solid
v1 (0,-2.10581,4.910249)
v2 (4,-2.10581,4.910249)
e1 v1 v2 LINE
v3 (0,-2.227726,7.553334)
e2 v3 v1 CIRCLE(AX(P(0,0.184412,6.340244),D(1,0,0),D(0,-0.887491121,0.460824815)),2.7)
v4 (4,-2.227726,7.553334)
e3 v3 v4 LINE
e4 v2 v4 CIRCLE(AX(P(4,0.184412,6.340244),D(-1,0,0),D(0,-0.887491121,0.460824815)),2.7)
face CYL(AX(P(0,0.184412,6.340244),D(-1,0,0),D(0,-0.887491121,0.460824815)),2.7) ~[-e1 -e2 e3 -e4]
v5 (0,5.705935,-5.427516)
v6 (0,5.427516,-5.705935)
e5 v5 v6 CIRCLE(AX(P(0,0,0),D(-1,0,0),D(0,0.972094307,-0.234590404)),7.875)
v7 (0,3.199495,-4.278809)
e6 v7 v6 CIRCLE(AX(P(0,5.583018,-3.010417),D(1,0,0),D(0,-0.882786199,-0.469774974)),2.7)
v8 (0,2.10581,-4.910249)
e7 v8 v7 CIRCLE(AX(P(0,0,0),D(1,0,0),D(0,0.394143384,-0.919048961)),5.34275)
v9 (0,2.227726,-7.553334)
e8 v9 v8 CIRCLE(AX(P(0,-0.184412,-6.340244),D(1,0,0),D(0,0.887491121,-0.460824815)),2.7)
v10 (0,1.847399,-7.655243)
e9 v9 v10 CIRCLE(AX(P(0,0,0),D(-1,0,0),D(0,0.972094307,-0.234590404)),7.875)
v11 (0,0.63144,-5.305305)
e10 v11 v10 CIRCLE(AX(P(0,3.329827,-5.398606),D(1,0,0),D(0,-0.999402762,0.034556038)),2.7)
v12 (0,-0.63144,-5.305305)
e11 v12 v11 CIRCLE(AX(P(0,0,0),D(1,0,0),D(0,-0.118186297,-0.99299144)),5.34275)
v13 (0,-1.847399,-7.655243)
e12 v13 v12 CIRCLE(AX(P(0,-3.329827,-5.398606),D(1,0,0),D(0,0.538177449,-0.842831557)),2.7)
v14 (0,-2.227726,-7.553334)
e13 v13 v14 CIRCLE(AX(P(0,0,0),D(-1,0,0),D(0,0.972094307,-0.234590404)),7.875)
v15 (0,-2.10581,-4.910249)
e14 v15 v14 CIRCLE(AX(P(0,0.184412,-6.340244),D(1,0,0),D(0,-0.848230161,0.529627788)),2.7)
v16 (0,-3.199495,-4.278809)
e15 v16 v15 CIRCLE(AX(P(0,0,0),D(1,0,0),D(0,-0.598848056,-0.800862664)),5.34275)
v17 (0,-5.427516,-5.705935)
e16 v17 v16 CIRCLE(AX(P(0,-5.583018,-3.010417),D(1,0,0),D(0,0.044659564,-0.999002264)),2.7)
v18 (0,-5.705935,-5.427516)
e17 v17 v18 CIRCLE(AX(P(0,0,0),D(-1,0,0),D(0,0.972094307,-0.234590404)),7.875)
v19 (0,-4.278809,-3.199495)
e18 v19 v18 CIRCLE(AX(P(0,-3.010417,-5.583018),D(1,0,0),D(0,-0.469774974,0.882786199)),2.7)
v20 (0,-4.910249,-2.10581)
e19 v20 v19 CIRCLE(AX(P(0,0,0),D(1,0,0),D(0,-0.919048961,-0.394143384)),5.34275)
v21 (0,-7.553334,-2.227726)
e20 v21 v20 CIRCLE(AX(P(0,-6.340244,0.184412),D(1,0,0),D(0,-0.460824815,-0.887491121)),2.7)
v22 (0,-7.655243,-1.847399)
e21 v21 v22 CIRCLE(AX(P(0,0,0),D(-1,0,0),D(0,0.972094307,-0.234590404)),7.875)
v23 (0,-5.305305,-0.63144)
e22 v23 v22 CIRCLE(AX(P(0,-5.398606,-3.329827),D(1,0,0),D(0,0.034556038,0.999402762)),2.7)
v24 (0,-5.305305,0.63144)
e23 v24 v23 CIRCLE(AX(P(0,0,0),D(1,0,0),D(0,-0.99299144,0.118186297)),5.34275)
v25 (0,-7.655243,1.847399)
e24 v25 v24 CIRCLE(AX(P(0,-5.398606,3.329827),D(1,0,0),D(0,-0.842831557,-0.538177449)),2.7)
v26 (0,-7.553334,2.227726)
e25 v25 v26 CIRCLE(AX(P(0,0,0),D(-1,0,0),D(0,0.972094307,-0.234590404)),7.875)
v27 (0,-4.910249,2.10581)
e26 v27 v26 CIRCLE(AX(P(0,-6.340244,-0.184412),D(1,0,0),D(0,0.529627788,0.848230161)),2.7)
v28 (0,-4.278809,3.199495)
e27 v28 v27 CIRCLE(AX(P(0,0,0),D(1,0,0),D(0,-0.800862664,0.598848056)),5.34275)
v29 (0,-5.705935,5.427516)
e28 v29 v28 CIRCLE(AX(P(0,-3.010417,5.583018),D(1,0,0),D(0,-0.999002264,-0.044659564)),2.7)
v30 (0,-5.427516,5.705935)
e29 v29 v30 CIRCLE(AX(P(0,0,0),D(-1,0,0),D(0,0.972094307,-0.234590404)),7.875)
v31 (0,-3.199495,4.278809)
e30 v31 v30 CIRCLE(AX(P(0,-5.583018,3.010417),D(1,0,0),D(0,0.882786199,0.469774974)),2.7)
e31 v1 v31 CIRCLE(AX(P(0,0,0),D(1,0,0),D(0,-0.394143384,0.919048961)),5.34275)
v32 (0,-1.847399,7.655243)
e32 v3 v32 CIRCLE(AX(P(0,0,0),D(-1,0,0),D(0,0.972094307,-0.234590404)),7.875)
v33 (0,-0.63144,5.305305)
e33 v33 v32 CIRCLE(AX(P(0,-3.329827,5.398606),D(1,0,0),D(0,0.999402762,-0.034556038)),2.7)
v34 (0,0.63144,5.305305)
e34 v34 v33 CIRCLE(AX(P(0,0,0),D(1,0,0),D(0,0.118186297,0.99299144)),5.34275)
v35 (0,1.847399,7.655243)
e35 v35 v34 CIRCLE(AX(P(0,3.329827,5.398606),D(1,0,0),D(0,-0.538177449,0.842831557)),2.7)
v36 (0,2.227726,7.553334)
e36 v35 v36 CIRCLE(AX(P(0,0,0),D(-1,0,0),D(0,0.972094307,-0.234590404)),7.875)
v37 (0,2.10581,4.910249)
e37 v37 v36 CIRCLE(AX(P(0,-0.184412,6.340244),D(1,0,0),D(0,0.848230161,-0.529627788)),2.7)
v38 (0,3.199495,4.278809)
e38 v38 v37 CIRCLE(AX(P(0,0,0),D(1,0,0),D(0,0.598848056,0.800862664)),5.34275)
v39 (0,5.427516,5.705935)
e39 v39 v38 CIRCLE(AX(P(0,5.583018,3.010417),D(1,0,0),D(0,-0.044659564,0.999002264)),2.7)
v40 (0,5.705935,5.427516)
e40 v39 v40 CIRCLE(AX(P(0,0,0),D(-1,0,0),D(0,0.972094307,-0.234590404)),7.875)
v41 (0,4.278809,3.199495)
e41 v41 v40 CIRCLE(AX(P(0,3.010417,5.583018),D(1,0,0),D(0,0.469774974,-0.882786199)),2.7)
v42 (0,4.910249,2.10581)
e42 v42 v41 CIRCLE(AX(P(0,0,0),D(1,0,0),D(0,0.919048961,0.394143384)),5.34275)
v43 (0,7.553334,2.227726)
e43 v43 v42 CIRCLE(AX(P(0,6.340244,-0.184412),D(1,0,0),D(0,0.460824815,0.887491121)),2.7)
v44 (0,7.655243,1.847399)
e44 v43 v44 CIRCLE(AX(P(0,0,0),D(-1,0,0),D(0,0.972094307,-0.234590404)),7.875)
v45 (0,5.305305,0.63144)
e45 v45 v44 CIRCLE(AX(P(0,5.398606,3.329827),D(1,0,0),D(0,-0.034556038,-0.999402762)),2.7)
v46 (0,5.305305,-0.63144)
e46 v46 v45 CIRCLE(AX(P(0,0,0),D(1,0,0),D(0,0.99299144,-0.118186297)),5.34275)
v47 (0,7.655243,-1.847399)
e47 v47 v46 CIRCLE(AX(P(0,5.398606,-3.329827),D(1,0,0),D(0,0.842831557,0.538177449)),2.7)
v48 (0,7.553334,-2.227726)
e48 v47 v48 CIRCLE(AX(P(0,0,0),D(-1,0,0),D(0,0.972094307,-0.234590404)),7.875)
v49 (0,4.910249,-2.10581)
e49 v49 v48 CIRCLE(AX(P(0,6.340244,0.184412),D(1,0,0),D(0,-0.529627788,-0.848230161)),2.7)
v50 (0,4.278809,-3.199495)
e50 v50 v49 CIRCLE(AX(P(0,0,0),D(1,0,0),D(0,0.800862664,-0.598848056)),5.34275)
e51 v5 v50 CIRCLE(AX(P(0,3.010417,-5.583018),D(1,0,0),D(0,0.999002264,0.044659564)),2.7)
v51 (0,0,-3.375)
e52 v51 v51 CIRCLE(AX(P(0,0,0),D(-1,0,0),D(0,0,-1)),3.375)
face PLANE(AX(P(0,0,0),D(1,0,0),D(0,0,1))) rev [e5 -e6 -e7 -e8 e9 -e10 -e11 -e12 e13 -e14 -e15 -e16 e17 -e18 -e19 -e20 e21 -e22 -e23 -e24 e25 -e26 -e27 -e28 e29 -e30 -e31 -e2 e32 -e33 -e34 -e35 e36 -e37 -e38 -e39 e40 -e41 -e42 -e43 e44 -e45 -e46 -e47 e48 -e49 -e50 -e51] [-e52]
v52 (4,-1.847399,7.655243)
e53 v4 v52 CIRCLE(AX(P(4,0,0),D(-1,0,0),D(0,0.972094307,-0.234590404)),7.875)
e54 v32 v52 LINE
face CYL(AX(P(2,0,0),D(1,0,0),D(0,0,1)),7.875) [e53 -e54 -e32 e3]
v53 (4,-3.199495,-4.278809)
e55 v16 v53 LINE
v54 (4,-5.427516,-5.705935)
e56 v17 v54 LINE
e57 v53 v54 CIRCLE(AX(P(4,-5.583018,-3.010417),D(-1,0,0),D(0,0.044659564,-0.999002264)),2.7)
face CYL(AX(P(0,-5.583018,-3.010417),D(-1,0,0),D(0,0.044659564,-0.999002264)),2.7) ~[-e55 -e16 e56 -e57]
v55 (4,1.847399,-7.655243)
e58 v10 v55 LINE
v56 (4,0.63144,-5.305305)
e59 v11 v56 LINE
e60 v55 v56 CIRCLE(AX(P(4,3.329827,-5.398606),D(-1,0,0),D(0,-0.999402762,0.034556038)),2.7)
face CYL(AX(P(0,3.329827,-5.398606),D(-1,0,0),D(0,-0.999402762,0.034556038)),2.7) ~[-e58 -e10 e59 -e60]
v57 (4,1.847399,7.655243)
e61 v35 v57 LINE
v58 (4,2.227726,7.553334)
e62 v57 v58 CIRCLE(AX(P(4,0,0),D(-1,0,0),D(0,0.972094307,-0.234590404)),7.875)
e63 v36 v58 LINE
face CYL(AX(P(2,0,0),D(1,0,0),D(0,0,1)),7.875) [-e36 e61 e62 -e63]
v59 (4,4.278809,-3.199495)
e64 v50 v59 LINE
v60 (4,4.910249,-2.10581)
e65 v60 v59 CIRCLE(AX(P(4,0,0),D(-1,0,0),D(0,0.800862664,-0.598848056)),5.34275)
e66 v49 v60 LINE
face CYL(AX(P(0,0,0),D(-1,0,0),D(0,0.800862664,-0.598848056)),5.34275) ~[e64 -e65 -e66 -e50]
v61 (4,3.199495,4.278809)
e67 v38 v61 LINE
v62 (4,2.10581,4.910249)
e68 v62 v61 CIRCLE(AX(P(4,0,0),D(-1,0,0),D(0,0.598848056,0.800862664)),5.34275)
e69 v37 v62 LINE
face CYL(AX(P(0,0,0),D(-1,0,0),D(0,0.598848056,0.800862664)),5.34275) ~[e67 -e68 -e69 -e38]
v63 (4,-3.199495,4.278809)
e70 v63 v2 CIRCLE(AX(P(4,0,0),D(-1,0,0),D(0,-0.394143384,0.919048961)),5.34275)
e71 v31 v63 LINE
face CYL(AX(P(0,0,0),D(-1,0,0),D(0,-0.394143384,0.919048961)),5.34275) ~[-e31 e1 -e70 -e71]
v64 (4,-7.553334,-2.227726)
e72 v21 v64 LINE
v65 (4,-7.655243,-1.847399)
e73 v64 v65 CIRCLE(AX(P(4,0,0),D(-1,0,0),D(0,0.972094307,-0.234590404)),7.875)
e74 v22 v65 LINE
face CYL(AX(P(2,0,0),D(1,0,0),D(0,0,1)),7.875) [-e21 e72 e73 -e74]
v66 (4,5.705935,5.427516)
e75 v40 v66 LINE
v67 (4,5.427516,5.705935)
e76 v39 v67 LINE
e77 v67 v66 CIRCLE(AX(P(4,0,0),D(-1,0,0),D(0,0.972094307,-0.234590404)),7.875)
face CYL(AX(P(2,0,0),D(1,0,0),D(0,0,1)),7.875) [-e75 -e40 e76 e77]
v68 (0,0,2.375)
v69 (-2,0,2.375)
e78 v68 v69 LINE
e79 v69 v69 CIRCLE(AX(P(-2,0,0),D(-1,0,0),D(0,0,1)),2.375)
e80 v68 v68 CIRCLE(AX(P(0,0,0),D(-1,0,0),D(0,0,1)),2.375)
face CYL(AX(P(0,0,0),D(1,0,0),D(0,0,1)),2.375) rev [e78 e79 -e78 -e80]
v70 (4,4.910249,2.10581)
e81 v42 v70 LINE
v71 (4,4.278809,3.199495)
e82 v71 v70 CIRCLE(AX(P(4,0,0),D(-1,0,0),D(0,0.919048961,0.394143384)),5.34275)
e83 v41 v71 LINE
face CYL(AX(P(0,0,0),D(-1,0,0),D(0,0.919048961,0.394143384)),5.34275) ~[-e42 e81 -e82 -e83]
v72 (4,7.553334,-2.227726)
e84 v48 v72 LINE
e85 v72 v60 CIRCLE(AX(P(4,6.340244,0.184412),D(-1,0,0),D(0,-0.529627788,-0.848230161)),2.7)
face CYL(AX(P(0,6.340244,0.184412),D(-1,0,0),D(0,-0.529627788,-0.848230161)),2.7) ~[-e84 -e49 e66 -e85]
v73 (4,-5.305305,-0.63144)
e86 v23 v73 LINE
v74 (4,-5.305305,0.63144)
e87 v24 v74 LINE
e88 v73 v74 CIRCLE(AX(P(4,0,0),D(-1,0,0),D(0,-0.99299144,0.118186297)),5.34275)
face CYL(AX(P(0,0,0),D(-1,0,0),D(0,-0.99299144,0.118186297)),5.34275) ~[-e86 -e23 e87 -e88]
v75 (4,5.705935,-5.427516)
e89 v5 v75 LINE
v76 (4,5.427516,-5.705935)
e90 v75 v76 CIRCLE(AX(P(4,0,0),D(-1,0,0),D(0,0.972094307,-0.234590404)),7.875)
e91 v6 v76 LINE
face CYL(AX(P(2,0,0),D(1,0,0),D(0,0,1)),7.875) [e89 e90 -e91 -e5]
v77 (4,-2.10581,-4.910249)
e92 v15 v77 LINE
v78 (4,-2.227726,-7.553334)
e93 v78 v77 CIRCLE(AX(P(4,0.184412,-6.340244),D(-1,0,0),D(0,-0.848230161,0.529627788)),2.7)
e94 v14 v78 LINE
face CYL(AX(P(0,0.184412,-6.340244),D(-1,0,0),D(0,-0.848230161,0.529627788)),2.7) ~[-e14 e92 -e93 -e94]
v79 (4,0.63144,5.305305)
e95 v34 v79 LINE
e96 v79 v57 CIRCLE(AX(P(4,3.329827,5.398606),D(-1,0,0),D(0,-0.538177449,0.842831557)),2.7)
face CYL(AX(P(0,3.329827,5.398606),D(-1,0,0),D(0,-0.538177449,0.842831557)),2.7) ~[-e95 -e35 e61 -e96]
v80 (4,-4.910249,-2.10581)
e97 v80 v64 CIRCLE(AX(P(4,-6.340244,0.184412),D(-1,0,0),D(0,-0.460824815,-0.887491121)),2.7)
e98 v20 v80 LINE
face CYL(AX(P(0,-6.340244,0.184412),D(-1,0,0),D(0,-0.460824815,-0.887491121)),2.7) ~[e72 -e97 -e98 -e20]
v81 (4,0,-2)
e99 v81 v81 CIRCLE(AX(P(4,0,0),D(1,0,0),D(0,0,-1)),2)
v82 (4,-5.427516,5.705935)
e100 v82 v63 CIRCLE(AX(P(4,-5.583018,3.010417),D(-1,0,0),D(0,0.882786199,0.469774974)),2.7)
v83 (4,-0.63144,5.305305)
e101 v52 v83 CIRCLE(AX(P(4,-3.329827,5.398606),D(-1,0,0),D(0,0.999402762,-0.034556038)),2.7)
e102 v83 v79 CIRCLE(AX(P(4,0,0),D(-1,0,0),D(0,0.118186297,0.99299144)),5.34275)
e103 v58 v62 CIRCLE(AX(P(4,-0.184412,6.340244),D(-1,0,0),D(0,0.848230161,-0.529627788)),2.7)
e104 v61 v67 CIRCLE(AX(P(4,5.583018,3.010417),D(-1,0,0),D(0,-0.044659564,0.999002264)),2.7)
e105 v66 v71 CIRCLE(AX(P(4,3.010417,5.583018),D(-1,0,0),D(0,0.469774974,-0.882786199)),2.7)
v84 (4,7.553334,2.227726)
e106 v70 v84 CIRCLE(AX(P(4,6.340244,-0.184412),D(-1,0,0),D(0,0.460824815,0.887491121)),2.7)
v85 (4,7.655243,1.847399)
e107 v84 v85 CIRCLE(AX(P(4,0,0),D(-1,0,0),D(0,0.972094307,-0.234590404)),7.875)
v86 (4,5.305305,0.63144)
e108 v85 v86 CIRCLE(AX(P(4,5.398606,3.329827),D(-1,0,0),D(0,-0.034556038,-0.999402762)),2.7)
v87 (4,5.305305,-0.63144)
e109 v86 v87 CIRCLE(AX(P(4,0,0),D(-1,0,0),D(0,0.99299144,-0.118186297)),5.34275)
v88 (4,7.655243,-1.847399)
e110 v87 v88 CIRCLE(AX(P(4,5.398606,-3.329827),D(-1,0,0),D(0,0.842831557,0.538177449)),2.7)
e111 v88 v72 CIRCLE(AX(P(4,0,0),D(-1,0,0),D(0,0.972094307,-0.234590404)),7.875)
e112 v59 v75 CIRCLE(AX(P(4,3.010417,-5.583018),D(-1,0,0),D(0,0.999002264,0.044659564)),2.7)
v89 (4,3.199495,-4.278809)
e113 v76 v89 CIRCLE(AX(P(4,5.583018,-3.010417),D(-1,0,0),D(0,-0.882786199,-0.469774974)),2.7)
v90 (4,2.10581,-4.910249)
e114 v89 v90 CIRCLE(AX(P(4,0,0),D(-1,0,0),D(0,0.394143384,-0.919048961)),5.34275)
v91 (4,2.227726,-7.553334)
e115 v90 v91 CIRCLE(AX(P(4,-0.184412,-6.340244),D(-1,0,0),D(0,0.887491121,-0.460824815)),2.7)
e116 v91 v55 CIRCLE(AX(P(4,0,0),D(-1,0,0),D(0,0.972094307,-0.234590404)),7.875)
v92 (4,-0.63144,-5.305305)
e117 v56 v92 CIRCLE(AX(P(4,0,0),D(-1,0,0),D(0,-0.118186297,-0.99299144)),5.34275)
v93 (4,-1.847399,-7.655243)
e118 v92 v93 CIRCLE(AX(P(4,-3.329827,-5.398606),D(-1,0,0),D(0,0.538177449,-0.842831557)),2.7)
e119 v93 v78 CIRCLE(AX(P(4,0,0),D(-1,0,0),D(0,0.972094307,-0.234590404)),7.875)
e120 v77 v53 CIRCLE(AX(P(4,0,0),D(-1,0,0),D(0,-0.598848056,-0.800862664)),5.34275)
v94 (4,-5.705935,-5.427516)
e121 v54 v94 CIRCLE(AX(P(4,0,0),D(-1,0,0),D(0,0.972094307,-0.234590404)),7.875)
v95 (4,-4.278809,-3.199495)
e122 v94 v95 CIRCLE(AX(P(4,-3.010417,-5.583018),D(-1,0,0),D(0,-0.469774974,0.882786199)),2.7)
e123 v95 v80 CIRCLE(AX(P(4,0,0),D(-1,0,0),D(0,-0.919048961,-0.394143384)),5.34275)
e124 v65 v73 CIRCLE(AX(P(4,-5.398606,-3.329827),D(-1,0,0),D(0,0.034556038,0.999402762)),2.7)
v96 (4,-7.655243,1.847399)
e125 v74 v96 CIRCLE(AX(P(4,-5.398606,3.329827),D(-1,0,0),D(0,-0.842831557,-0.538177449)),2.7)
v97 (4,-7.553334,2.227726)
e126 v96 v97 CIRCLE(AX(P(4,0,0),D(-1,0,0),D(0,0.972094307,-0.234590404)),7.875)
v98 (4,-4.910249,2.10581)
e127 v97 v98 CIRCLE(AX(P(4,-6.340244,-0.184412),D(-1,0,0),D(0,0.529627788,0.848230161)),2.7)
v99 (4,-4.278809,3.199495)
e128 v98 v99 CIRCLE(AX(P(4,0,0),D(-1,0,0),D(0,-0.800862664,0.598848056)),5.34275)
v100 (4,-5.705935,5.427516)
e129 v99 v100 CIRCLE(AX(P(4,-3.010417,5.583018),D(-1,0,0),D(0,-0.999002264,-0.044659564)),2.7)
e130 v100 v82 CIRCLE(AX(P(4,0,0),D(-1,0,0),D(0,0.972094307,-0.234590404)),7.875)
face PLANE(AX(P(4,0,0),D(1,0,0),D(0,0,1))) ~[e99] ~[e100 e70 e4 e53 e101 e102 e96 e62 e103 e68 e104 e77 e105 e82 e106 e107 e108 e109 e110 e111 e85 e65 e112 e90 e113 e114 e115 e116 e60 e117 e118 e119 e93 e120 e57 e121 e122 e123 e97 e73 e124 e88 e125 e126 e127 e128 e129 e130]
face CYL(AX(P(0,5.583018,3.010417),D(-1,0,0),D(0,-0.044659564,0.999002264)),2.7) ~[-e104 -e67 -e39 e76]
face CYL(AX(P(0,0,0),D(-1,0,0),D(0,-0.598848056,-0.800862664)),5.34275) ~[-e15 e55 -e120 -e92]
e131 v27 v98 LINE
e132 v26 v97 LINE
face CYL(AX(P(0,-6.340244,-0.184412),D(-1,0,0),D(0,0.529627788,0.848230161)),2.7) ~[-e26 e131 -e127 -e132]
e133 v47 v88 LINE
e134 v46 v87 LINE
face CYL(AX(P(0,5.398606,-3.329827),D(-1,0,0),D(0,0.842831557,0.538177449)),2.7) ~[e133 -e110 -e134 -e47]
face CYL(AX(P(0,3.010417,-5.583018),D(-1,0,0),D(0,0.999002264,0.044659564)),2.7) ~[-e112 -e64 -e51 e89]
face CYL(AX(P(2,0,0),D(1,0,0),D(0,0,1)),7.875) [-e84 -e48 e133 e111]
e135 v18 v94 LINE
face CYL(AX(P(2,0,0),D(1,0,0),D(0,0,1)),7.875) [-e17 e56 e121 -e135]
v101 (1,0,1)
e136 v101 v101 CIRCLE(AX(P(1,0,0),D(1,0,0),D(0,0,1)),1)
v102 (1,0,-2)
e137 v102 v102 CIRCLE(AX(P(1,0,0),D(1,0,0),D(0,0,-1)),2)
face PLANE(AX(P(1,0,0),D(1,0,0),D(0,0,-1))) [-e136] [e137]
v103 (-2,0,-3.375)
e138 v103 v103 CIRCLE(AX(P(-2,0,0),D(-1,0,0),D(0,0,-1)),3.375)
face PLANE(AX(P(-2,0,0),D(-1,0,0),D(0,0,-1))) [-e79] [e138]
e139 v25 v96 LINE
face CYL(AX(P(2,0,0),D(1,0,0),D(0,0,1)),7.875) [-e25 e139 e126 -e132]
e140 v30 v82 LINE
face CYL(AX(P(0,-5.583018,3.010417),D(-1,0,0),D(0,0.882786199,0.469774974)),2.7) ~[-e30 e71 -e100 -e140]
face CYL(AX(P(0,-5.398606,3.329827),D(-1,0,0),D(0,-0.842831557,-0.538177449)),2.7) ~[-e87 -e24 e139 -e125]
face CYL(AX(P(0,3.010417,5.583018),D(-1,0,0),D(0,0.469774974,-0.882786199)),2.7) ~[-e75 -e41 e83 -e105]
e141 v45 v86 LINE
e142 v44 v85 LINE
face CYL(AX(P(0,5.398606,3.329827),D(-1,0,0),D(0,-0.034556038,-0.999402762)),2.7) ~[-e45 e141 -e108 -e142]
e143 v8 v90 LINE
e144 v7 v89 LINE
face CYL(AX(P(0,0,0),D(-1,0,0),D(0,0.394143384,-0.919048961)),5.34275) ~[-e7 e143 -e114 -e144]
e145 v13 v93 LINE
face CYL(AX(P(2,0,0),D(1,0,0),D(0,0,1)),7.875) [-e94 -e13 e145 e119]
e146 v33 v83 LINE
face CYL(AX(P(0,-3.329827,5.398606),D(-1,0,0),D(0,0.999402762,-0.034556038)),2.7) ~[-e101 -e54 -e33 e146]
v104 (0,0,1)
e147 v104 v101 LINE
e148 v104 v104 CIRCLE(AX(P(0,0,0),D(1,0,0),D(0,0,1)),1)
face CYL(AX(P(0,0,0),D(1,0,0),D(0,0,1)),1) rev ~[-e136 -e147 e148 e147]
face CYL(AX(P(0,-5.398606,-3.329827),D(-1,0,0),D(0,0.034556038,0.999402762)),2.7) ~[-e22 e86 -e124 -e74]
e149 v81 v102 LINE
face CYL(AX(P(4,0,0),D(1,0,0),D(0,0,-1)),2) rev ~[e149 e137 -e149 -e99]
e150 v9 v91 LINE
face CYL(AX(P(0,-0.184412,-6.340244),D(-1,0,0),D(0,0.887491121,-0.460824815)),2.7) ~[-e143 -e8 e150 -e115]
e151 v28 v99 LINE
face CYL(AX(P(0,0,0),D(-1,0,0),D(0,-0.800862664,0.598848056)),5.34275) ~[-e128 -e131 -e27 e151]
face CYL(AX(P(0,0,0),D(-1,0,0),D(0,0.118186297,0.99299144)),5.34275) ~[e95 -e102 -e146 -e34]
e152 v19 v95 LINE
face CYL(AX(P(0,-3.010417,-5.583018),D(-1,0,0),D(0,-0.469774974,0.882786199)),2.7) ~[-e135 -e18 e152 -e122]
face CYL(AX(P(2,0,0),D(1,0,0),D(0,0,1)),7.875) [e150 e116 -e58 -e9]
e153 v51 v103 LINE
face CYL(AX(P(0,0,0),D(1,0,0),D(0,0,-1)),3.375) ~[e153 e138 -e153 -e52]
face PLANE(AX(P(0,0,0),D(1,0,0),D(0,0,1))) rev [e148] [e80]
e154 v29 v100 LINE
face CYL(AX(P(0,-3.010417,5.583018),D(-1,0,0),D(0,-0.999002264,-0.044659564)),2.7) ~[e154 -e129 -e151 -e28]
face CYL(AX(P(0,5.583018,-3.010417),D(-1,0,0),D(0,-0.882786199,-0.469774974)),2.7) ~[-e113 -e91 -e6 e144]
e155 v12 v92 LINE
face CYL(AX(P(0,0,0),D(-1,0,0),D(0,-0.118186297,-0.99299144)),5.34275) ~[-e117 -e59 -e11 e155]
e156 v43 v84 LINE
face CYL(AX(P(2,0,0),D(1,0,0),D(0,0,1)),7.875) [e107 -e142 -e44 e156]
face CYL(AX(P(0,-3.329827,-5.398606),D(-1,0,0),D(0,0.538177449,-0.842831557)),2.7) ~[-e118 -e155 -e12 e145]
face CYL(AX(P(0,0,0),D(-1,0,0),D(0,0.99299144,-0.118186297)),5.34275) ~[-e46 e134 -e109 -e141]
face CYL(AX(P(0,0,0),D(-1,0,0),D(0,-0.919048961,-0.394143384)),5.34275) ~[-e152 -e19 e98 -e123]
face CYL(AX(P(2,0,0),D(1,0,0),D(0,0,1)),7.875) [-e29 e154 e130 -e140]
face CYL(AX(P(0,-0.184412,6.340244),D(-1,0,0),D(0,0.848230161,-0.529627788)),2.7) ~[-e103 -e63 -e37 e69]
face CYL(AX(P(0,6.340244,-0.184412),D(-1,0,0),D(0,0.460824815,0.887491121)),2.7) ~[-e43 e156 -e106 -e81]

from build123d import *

# Parameters (mm, degrees)
BASPROSKE_W         = 4
BASPROSKE_H         = 7.875
TOOTHCUT_DEPTH      = 12.833480046
TEETHCUTS_COUNT     = 12
TEETHCUTS_ANGLE     = 330
BORSKE_R            = 1
BORE_DEPTH          = 50.0000508
SKETCH1_R           = 3.375
SKETCH1_R_2         = 2.375
BOSS_EXTRUDE1_DEPTH = 2
SKETCH2_R           = 2
CUT_EXTRUDE1_DEPTH  = 3


with BuildPart() as part:
    # BasProSke → Base-Revolve (revolve)
    with BuildSketch(Plane(origin=(0, 0, 0), x_dir=(1, 0, 0), z_dir=(0, 1, 0)), mode=Mode.PRIVATE) as base_revolve_sk:
        with Locations((2, 3.9375)):
            Rectangle(BASPROSKE_W, BASPROSKE_H)
    revolve(base_revolve_sk.sketch.rotate(Axis((-10, 0, 0), (1, 0, 0)), 180), axis=Axis((-10, 0, 0), (1, 0, 0)))

    # TooCutSke → ToothCut (cut, through all)
    with BuildSketch(Plane(origin=(0, 0, 0), x_dir=(0, 0, -1), z_dir=(1, 0, 0))):
        with BuildLine():
            ThreePointArc((0.631439839, 5.305305014), (0, 5.34275), (-0.631439839, 5.305305014))
            ThreePointArc((-0.631439839, 5.305305014), (-0.93992237, 6.654932089), (-1.876748184, 7.674251521))
            ThreePointArc((-1.876748184, 7.674251521), (0, 7.9004), (1.876748184, 7.674251521))
            ThreePointArc((1.876748184, 7.674251521), (0.93992237, 6.654932089), (0.631439839, 5.305305014))
        make_face()
    toothcut = extrude(amount=TOOTHCUT_DEPTH, mode=Mode.SUBTRACT)

    # TeethCuts: ToothCut ×12 about axis
    teethcuts_axis = Axis((-10, 0, 0), (1, 0, 0))
    for i in range(1, TEETHCUTS_COUNT):
        add(toothcut.rotate(teethcuts_axis, i * TEETHCUTS_ANGLE / (TEETHCUTS_COUNT - 1)), mode=Mode.SUBTRACT)

    # BorSke → Bore (cut, symmetric)
    with BuildSketch(Plane(origin=(0, 0, 0), x_dir=(0, 0, -1), z_dir=(1, 0, 0))):
        with Locations(Location((0, 0, 0), (0, 0, 180))):
            Circle(BORSKE_R)
    extrude(amount=BORE_DEPTH, both=True, mode=Mode.SUBTRACT)

    # Sketch1 → Boss-Extrude1 (add)
    with BuildSketch(Plane.ZY):
        with Locations(Location((0, 0, 0), (0, 0, 180))):
            Circle(SKETCH1_R)
        Circle(SKETCH1_R_2, mode=Mode.SUBTRACT)
    extrude(amount=BOSS_EXTRUDE1_DEPTH)

    # Sketch2 → Cut-Extrude1 (cut)
    with BuildSketch(Plane(origin=(4, 0, 0), x_dir=(0, 0, -1), z_dir=(1, 0, 0))):
        Circle(SKETCH2_R)
    extrude(amount=-CUT_EXTRUDE1_DEPTH, mode=Mode.SUBTRACT)


solid = part.part
